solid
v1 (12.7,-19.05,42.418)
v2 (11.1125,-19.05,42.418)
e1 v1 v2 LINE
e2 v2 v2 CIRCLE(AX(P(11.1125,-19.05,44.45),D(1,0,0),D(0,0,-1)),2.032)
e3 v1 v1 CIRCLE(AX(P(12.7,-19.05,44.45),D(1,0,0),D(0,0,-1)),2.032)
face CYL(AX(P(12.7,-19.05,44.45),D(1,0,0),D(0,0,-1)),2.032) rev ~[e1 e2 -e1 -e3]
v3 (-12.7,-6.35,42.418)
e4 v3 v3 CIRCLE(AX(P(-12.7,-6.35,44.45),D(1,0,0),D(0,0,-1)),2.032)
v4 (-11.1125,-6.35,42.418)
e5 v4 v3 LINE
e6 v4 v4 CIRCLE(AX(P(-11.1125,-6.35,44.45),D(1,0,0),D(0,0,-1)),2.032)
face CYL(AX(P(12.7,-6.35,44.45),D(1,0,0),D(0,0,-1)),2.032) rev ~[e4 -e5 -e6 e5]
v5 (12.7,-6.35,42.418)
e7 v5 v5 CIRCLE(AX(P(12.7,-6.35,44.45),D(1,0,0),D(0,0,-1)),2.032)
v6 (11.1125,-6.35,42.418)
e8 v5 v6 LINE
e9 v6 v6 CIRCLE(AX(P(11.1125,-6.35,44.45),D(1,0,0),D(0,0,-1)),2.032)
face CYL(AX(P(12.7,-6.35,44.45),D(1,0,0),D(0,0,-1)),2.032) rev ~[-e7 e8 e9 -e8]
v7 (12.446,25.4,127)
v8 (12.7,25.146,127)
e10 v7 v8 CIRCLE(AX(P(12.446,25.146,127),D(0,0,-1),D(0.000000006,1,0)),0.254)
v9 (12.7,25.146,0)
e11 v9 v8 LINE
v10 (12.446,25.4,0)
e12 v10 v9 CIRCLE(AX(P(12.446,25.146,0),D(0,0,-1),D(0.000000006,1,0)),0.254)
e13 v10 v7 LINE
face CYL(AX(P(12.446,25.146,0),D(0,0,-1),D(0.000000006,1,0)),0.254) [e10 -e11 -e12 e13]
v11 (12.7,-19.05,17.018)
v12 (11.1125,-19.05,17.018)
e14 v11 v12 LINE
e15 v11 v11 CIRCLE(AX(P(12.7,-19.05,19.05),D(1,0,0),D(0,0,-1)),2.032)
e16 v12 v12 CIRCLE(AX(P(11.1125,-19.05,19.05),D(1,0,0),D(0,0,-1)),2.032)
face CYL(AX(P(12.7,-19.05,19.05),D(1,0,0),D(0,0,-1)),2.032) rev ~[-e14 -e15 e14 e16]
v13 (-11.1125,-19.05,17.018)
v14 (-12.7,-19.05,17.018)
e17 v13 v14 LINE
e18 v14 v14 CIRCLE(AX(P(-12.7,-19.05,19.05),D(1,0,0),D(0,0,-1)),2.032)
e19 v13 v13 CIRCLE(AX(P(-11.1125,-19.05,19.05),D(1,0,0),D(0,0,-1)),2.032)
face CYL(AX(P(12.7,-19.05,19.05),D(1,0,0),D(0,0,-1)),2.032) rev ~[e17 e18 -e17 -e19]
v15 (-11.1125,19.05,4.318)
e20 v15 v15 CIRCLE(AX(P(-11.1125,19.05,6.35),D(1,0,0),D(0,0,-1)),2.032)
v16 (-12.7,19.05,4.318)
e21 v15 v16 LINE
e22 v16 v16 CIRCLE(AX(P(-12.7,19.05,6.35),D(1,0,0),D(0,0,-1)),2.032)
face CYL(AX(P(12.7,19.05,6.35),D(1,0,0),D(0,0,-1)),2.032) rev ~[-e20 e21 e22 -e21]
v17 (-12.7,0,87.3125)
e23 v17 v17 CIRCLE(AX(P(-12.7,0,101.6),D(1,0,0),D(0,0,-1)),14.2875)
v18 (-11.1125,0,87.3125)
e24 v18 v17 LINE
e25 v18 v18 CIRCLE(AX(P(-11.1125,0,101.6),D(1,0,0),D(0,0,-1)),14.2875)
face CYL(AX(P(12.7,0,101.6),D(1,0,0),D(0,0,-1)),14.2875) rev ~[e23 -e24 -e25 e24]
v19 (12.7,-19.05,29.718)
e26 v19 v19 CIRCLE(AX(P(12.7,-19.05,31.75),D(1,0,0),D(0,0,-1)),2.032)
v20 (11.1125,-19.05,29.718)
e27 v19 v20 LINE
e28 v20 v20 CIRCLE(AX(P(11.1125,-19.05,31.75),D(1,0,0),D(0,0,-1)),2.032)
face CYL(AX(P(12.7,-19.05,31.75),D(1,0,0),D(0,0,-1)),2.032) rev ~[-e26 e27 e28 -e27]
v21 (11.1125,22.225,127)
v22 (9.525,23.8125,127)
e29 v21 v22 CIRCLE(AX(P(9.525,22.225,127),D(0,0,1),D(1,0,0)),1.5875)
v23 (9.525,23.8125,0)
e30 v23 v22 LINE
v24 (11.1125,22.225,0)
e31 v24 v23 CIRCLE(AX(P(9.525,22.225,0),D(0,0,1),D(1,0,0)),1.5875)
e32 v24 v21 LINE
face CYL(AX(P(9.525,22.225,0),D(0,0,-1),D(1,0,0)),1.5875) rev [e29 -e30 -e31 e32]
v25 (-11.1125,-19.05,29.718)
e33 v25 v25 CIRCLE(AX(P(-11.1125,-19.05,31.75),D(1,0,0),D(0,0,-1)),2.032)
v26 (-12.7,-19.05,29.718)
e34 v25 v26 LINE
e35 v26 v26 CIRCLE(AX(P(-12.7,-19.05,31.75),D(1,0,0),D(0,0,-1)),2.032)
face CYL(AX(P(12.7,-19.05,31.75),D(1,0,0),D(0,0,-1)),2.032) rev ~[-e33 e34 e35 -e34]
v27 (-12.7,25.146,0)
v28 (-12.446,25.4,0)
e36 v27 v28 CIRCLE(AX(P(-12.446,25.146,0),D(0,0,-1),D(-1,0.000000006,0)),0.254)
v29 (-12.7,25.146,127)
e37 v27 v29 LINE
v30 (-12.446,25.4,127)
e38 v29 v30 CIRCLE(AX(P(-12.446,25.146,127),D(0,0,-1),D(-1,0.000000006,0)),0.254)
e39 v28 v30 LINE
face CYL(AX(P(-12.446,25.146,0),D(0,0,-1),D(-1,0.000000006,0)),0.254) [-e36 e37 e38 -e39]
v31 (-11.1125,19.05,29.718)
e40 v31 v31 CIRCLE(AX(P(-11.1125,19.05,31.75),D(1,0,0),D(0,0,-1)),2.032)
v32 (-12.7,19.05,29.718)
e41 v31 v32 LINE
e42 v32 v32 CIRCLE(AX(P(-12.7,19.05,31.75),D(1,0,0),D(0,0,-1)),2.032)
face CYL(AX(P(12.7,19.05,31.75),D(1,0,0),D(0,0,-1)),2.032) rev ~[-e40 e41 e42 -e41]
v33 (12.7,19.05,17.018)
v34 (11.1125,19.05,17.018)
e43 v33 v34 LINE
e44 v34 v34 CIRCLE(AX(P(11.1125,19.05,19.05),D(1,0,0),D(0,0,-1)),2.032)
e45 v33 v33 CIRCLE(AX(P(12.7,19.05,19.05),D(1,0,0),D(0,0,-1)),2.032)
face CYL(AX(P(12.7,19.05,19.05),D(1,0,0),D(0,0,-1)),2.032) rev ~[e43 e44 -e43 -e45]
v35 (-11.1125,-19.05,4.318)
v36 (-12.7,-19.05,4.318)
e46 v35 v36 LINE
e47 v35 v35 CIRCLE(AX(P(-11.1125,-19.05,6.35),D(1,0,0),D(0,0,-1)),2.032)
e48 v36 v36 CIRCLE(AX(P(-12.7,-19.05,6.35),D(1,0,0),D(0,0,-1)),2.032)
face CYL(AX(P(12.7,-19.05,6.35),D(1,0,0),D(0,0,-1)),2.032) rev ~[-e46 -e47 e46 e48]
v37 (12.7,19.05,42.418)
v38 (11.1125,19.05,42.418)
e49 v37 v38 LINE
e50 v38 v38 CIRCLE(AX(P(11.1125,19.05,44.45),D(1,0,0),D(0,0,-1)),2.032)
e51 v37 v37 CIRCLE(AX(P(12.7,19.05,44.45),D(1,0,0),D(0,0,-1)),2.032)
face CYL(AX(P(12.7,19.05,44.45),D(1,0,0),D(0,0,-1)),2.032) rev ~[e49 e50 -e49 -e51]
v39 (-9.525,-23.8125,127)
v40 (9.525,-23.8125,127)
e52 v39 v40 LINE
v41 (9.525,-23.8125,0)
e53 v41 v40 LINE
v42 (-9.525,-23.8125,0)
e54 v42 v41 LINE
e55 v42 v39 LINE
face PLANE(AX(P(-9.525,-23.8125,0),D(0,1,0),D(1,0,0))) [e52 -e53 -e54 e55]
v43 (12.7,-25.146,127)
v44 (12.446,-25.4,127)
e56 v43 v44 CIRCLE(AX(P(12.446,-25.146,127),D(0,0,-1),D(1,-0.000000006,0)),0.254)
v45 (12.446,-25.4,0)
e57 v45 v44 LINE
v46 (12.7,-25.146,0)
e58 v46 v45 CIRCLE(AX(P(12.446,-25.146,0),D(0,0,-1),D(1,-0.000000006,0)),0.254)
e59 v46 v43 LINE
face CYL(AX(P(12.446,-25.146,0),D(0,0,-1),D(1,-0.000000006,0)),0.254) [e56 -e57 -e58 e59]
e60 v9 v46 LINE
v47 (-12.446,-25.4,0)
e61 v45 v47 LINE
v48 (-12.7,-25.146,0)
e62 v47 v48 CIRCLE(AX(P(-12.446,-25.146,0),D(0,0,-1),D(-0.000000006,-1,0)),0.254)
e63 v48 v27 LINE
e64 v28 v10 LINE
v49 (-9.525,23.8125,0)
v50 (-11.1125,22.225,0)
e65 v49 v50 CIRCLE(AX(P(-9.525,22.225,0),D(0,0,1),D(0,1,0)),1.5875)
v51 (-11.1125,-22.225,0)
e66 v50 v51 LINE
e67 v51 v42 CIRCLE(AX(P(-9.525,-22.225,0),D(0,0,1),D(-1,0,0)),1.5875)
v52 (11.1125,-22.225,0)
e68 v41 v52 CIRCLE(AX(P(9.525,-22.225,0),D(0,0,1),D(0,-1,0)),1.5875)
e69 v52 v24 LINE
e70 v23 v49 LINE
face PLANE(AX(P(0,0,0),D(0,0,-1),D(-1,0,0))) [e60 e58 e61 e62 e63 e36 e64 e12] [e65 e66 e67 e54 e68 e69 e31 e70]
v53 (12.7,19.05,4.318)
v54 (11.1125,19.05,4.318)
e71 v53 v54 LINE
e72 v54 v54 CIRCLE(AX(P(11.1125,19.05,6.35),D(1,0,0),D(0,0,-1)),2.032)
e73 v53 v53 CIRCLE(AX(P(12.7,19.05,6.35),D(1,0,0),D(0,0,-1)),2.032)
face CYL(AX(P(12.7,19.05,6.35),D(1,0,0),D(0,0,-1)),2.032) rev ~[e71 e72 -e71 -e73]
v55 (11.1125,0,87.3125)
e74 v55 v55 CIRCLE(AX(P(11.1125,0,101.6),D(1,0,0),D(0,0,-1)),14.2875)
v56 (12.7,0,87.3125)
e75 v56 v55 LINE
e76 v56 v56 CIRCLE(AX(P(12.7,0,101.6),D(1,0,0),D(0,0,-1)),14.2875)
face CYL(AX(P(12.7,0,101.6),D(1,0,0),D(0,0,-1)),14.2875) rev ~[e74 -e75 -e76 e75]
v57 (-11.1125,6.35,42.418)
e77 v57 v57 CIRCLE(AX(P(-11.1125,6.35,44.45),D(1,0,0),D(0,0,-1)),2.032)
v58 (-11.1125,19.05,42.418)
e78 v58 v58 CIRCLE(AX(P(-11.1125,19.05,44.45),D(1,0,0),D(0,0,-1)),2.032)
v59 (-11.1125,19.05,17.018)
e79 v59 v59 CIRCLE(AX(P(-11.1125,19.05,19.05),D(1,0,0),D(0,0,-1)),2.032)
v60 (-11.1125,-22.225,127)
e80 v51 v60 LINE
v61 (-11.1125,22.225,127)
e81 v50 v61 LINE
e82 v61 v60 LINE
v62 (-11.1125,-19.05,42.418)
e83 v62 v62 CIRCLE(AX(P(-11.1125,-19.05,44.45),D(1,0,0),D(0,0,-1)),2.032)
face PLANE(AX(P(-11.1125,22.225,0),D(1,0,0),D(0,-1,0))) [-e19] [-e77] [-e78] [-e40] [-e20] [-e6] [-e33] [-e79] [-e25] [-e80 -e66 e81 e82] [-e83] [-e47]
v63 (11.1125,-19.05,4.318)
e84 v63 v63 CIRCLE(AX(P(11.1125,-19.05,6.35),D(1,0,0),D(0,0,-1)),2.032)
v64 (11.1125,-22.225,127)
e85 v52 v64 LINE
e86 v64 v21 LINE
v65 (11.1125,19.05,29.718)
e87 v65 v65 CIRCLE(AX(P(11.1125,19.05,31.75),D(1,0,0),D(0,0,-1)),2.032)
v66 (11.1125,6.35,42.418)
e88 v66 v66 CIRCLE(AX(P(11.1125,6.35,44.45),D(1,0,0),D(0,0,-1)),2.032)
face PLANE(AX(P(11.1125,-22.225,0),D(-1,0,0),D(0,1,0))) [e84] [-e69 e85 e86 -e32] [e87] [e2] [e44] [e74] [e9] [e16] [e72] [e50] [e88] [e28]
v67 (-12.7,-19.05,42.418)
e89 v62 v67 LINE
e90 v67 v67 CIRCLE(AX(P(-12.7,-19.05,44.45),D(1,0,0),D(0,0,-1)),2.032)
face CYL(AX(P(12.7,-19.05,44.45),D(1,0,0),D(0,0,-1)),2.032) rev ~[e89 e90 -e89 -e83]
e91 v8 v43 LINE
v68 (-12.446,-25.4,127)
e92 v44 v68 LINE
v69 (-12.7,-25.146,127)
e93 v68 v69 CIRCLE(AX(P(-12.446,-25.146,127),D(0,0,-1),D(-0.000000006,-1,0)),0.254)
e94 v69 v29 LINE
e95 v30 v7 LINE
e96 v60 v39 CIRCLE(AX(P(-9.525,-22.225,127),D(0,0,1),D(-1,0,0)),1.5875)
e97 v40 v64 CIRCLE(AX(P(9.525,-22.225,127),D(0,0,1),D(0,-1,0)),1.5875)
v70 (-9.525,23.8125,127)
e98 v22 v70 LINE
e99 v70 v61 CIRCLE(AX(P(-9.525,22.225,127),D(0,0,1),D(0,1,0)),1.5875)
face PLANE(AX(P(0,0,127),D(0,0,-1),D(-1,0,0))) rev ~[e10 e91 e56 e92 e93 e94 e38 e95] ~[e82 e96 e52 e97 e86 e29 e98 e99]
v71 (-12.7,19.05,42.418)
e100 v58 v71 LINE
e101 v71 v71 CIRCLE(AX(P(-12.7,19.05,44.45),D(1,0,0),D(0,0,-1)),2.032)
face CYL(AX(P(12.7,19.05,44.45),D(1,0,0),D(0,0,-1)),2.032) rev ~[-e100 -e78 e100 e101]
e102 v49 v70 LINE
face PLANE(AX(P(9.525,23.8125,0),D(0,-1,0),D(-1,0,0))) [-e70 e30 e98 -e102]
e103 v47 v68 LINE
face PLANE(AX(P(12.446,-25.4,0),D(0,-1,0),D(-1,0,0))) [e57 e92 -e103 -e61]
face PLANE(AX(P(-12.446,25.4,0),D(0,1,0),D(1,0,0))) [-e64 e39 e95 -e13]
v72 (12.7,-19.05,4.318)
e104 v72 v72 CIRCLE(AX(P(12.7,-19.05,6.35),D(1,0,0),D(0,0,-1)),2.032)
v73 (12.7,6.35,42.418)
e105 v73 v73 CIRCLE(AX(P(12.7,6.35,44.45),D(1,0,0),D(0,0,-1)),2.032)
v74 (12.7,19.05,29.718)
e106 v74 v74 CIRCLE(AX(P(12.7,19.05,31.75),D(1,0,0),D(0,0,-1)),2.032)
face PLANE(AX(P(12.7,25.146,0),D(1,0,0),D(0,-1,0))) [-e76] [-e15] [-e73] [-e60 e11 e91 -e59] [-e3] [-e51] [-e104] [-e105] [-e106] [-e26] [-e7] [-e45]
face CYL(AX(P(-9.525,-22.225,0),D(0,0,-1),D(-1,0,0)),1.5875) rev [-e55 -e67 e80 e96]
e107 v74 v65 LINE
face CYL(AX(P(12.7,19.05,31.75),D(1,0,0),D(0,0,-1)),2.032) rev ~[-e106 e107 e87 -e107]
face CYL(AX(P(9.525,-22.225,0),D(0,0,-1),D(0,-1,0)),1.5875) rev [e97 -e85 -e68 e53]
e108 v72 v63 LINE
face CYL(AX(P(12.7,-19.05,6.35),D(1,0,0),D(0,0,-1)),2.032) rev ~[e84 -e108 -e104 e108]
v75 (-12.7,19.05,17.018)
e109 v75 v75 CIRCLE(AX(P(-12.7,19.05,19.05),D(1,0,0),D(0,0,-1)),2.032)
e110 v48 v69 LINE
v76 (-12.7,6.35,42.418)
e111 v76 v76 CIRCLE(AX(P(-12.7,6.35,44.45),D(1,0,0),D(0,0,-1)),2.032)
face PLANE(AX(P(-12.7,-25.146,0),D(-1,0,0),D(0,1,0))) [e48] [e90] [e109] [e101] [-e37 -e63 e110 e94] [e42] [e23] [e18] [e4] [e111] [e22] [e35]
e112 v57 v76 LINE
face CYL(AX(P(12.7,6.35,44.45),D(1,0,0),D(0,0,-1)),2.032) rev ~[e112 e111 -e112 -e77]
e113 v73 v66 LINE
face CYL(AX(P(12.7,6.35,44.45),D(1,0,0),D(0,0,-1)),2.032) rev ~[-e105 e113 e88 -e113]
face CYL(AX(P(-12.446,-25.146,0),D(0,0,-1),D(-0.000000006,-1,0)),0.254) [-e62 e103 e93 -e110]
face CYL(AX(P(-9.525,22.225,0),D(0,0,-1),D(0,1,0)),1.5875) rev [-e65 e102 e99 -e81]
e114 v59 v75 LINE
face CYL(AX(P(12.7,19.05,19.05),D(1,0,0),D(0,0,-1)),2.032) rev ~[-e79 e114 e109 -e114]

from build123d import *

# Parameters (mm, degrees)
BOSS_EXTRUDE1_DEPTH     = 127
SKETCH2_R               = 14.2875
CUT_EXTRUDE1_DEPTH      = 25.4
SKETCH3_R               = 2.032
CUT_EXTRUDE2_DEPTH      = 1
CUT_EXTRUDE2_DEPTH_BACK = 26.4


with BuildPart() as part:
    # Sketch1 → Boss-Extrude1 (new body)
    with BuildSketch(Plane(origin=(0, 0, 0), x_dir=(-1, 0, 0), z_dir=(0, 0, -1))):
        with BuildLine():
            Line((-12.7, 25.146), (-12.7, -25.146))
            ThreePointArc((-12.7, -25.146), (-12.625605122, -25.325605122), (-12.446, -25.4))
            Line((-12.446, -25.4), (12.446, -25.4))
            ThreePointArc((12.446, -25.4), (12.625605122, -25.325605122), (12.7, -25.146))
            Line((12.7, -25.146), (12.7, 25.146))
            ThreePointArc((12.7, 25.146), (12.625605122, 25.325605122), (12.446, 25.4))
            Line((12.446, 25.4), (-12.446, 25.4))
            ThreePointArc((-12.446, 25.4), (-12.625605122, 25.325605122), (-12.7, 25.146))
        make_face()
        with BuildLine():
            Line((-11.1125, -22.225), (-11.1125, 22.225))
            ThreePointArc((-11.1125, 22.225), (-10.647532015, 23.347532015), (-9.525, 23.8125))
            Line((-9.525, 23.8125), (9.525, 23.8125))
            ThreePointArc((9.525, 23.8125), (10.647532015, 23.347532015), (11.1125, 22.225))
            Line((11.1125, 22.225), (11.1125, -22.225))
            ThreePointArc((11.1125, -22.225), (10.647532015, -23.347532015), (9.525, -23.8125))
            Line((9.525, -23.8125), (-9.525, -23.8125))
            ThreePointArc((-9.525, -23.8125), (-10.647532015, -23.347532015), (-11.1125, -22.225))
        make_face(mode=Mode.SUBTRACT)
    extrude(amount=-BOSS_EXTRUDE1_DEPTH)

    # Sketch2 → Cut-Extrude1 (cut)
    with BuildSketch(Plane(origin=(12.7, 0, 0), x_dir=(0, 0, -1), z_dir=(1, 0, 0))):
        with Locations((-101.6, 0)):
            Circle(SKETCH2_R)
    extrude(amount=-CUT_EXTRUDE1_DEPTH, mode=Mode.SUBTRACT)

    # Sketch3 → Cut-Extrude2 (cut, two sides)
    with BuildSketch(Plane(origin=(12.7, 0, 0), x_dir=(0, 0, -1), z_dir=(1, 0, 0))) as cut_extrude2_sk:
        with Locations((-44.45, -19.05)):
            Circle(SKETCH3_R)
        with Locations((-44.45, -6.35)):
            Circle(SKETCH3_R)
        with Locations((-44.45, 19.05)):
            Circle(SKETCH3_R)
        with Locations((-31.75, 19.05)):
            Circle(SKETCH3_R)
        with Locations((-19.05, 19.05)):
            Circle(SKETCH3_R)
        with Locations((-6.35, 19.05)):
            Circle(SKETCH3_R)
        with Locations((-44.45, 6.35)):
            Circle(SKETCH3_R)
        with Locations((-31.75, -19.05)):
            Circle(SKETCH3_R)
        with Locations((-19.05, -19.05)):
            Circle(SKETCH3_R)
        with Locations((-6.35, -19.05)):
            Circle(SKETCH3_R)
    extrude(amount=CUT_EXTRUDE2_DEPTH, mode=Mode.SUBTRACT)
    extrude(cut_extrude2_sk.sketch, amount=-CUT_EXTRUDE2_DEPTH_BACK, mode=Mode.SUBTRACT)


solid = part.part
